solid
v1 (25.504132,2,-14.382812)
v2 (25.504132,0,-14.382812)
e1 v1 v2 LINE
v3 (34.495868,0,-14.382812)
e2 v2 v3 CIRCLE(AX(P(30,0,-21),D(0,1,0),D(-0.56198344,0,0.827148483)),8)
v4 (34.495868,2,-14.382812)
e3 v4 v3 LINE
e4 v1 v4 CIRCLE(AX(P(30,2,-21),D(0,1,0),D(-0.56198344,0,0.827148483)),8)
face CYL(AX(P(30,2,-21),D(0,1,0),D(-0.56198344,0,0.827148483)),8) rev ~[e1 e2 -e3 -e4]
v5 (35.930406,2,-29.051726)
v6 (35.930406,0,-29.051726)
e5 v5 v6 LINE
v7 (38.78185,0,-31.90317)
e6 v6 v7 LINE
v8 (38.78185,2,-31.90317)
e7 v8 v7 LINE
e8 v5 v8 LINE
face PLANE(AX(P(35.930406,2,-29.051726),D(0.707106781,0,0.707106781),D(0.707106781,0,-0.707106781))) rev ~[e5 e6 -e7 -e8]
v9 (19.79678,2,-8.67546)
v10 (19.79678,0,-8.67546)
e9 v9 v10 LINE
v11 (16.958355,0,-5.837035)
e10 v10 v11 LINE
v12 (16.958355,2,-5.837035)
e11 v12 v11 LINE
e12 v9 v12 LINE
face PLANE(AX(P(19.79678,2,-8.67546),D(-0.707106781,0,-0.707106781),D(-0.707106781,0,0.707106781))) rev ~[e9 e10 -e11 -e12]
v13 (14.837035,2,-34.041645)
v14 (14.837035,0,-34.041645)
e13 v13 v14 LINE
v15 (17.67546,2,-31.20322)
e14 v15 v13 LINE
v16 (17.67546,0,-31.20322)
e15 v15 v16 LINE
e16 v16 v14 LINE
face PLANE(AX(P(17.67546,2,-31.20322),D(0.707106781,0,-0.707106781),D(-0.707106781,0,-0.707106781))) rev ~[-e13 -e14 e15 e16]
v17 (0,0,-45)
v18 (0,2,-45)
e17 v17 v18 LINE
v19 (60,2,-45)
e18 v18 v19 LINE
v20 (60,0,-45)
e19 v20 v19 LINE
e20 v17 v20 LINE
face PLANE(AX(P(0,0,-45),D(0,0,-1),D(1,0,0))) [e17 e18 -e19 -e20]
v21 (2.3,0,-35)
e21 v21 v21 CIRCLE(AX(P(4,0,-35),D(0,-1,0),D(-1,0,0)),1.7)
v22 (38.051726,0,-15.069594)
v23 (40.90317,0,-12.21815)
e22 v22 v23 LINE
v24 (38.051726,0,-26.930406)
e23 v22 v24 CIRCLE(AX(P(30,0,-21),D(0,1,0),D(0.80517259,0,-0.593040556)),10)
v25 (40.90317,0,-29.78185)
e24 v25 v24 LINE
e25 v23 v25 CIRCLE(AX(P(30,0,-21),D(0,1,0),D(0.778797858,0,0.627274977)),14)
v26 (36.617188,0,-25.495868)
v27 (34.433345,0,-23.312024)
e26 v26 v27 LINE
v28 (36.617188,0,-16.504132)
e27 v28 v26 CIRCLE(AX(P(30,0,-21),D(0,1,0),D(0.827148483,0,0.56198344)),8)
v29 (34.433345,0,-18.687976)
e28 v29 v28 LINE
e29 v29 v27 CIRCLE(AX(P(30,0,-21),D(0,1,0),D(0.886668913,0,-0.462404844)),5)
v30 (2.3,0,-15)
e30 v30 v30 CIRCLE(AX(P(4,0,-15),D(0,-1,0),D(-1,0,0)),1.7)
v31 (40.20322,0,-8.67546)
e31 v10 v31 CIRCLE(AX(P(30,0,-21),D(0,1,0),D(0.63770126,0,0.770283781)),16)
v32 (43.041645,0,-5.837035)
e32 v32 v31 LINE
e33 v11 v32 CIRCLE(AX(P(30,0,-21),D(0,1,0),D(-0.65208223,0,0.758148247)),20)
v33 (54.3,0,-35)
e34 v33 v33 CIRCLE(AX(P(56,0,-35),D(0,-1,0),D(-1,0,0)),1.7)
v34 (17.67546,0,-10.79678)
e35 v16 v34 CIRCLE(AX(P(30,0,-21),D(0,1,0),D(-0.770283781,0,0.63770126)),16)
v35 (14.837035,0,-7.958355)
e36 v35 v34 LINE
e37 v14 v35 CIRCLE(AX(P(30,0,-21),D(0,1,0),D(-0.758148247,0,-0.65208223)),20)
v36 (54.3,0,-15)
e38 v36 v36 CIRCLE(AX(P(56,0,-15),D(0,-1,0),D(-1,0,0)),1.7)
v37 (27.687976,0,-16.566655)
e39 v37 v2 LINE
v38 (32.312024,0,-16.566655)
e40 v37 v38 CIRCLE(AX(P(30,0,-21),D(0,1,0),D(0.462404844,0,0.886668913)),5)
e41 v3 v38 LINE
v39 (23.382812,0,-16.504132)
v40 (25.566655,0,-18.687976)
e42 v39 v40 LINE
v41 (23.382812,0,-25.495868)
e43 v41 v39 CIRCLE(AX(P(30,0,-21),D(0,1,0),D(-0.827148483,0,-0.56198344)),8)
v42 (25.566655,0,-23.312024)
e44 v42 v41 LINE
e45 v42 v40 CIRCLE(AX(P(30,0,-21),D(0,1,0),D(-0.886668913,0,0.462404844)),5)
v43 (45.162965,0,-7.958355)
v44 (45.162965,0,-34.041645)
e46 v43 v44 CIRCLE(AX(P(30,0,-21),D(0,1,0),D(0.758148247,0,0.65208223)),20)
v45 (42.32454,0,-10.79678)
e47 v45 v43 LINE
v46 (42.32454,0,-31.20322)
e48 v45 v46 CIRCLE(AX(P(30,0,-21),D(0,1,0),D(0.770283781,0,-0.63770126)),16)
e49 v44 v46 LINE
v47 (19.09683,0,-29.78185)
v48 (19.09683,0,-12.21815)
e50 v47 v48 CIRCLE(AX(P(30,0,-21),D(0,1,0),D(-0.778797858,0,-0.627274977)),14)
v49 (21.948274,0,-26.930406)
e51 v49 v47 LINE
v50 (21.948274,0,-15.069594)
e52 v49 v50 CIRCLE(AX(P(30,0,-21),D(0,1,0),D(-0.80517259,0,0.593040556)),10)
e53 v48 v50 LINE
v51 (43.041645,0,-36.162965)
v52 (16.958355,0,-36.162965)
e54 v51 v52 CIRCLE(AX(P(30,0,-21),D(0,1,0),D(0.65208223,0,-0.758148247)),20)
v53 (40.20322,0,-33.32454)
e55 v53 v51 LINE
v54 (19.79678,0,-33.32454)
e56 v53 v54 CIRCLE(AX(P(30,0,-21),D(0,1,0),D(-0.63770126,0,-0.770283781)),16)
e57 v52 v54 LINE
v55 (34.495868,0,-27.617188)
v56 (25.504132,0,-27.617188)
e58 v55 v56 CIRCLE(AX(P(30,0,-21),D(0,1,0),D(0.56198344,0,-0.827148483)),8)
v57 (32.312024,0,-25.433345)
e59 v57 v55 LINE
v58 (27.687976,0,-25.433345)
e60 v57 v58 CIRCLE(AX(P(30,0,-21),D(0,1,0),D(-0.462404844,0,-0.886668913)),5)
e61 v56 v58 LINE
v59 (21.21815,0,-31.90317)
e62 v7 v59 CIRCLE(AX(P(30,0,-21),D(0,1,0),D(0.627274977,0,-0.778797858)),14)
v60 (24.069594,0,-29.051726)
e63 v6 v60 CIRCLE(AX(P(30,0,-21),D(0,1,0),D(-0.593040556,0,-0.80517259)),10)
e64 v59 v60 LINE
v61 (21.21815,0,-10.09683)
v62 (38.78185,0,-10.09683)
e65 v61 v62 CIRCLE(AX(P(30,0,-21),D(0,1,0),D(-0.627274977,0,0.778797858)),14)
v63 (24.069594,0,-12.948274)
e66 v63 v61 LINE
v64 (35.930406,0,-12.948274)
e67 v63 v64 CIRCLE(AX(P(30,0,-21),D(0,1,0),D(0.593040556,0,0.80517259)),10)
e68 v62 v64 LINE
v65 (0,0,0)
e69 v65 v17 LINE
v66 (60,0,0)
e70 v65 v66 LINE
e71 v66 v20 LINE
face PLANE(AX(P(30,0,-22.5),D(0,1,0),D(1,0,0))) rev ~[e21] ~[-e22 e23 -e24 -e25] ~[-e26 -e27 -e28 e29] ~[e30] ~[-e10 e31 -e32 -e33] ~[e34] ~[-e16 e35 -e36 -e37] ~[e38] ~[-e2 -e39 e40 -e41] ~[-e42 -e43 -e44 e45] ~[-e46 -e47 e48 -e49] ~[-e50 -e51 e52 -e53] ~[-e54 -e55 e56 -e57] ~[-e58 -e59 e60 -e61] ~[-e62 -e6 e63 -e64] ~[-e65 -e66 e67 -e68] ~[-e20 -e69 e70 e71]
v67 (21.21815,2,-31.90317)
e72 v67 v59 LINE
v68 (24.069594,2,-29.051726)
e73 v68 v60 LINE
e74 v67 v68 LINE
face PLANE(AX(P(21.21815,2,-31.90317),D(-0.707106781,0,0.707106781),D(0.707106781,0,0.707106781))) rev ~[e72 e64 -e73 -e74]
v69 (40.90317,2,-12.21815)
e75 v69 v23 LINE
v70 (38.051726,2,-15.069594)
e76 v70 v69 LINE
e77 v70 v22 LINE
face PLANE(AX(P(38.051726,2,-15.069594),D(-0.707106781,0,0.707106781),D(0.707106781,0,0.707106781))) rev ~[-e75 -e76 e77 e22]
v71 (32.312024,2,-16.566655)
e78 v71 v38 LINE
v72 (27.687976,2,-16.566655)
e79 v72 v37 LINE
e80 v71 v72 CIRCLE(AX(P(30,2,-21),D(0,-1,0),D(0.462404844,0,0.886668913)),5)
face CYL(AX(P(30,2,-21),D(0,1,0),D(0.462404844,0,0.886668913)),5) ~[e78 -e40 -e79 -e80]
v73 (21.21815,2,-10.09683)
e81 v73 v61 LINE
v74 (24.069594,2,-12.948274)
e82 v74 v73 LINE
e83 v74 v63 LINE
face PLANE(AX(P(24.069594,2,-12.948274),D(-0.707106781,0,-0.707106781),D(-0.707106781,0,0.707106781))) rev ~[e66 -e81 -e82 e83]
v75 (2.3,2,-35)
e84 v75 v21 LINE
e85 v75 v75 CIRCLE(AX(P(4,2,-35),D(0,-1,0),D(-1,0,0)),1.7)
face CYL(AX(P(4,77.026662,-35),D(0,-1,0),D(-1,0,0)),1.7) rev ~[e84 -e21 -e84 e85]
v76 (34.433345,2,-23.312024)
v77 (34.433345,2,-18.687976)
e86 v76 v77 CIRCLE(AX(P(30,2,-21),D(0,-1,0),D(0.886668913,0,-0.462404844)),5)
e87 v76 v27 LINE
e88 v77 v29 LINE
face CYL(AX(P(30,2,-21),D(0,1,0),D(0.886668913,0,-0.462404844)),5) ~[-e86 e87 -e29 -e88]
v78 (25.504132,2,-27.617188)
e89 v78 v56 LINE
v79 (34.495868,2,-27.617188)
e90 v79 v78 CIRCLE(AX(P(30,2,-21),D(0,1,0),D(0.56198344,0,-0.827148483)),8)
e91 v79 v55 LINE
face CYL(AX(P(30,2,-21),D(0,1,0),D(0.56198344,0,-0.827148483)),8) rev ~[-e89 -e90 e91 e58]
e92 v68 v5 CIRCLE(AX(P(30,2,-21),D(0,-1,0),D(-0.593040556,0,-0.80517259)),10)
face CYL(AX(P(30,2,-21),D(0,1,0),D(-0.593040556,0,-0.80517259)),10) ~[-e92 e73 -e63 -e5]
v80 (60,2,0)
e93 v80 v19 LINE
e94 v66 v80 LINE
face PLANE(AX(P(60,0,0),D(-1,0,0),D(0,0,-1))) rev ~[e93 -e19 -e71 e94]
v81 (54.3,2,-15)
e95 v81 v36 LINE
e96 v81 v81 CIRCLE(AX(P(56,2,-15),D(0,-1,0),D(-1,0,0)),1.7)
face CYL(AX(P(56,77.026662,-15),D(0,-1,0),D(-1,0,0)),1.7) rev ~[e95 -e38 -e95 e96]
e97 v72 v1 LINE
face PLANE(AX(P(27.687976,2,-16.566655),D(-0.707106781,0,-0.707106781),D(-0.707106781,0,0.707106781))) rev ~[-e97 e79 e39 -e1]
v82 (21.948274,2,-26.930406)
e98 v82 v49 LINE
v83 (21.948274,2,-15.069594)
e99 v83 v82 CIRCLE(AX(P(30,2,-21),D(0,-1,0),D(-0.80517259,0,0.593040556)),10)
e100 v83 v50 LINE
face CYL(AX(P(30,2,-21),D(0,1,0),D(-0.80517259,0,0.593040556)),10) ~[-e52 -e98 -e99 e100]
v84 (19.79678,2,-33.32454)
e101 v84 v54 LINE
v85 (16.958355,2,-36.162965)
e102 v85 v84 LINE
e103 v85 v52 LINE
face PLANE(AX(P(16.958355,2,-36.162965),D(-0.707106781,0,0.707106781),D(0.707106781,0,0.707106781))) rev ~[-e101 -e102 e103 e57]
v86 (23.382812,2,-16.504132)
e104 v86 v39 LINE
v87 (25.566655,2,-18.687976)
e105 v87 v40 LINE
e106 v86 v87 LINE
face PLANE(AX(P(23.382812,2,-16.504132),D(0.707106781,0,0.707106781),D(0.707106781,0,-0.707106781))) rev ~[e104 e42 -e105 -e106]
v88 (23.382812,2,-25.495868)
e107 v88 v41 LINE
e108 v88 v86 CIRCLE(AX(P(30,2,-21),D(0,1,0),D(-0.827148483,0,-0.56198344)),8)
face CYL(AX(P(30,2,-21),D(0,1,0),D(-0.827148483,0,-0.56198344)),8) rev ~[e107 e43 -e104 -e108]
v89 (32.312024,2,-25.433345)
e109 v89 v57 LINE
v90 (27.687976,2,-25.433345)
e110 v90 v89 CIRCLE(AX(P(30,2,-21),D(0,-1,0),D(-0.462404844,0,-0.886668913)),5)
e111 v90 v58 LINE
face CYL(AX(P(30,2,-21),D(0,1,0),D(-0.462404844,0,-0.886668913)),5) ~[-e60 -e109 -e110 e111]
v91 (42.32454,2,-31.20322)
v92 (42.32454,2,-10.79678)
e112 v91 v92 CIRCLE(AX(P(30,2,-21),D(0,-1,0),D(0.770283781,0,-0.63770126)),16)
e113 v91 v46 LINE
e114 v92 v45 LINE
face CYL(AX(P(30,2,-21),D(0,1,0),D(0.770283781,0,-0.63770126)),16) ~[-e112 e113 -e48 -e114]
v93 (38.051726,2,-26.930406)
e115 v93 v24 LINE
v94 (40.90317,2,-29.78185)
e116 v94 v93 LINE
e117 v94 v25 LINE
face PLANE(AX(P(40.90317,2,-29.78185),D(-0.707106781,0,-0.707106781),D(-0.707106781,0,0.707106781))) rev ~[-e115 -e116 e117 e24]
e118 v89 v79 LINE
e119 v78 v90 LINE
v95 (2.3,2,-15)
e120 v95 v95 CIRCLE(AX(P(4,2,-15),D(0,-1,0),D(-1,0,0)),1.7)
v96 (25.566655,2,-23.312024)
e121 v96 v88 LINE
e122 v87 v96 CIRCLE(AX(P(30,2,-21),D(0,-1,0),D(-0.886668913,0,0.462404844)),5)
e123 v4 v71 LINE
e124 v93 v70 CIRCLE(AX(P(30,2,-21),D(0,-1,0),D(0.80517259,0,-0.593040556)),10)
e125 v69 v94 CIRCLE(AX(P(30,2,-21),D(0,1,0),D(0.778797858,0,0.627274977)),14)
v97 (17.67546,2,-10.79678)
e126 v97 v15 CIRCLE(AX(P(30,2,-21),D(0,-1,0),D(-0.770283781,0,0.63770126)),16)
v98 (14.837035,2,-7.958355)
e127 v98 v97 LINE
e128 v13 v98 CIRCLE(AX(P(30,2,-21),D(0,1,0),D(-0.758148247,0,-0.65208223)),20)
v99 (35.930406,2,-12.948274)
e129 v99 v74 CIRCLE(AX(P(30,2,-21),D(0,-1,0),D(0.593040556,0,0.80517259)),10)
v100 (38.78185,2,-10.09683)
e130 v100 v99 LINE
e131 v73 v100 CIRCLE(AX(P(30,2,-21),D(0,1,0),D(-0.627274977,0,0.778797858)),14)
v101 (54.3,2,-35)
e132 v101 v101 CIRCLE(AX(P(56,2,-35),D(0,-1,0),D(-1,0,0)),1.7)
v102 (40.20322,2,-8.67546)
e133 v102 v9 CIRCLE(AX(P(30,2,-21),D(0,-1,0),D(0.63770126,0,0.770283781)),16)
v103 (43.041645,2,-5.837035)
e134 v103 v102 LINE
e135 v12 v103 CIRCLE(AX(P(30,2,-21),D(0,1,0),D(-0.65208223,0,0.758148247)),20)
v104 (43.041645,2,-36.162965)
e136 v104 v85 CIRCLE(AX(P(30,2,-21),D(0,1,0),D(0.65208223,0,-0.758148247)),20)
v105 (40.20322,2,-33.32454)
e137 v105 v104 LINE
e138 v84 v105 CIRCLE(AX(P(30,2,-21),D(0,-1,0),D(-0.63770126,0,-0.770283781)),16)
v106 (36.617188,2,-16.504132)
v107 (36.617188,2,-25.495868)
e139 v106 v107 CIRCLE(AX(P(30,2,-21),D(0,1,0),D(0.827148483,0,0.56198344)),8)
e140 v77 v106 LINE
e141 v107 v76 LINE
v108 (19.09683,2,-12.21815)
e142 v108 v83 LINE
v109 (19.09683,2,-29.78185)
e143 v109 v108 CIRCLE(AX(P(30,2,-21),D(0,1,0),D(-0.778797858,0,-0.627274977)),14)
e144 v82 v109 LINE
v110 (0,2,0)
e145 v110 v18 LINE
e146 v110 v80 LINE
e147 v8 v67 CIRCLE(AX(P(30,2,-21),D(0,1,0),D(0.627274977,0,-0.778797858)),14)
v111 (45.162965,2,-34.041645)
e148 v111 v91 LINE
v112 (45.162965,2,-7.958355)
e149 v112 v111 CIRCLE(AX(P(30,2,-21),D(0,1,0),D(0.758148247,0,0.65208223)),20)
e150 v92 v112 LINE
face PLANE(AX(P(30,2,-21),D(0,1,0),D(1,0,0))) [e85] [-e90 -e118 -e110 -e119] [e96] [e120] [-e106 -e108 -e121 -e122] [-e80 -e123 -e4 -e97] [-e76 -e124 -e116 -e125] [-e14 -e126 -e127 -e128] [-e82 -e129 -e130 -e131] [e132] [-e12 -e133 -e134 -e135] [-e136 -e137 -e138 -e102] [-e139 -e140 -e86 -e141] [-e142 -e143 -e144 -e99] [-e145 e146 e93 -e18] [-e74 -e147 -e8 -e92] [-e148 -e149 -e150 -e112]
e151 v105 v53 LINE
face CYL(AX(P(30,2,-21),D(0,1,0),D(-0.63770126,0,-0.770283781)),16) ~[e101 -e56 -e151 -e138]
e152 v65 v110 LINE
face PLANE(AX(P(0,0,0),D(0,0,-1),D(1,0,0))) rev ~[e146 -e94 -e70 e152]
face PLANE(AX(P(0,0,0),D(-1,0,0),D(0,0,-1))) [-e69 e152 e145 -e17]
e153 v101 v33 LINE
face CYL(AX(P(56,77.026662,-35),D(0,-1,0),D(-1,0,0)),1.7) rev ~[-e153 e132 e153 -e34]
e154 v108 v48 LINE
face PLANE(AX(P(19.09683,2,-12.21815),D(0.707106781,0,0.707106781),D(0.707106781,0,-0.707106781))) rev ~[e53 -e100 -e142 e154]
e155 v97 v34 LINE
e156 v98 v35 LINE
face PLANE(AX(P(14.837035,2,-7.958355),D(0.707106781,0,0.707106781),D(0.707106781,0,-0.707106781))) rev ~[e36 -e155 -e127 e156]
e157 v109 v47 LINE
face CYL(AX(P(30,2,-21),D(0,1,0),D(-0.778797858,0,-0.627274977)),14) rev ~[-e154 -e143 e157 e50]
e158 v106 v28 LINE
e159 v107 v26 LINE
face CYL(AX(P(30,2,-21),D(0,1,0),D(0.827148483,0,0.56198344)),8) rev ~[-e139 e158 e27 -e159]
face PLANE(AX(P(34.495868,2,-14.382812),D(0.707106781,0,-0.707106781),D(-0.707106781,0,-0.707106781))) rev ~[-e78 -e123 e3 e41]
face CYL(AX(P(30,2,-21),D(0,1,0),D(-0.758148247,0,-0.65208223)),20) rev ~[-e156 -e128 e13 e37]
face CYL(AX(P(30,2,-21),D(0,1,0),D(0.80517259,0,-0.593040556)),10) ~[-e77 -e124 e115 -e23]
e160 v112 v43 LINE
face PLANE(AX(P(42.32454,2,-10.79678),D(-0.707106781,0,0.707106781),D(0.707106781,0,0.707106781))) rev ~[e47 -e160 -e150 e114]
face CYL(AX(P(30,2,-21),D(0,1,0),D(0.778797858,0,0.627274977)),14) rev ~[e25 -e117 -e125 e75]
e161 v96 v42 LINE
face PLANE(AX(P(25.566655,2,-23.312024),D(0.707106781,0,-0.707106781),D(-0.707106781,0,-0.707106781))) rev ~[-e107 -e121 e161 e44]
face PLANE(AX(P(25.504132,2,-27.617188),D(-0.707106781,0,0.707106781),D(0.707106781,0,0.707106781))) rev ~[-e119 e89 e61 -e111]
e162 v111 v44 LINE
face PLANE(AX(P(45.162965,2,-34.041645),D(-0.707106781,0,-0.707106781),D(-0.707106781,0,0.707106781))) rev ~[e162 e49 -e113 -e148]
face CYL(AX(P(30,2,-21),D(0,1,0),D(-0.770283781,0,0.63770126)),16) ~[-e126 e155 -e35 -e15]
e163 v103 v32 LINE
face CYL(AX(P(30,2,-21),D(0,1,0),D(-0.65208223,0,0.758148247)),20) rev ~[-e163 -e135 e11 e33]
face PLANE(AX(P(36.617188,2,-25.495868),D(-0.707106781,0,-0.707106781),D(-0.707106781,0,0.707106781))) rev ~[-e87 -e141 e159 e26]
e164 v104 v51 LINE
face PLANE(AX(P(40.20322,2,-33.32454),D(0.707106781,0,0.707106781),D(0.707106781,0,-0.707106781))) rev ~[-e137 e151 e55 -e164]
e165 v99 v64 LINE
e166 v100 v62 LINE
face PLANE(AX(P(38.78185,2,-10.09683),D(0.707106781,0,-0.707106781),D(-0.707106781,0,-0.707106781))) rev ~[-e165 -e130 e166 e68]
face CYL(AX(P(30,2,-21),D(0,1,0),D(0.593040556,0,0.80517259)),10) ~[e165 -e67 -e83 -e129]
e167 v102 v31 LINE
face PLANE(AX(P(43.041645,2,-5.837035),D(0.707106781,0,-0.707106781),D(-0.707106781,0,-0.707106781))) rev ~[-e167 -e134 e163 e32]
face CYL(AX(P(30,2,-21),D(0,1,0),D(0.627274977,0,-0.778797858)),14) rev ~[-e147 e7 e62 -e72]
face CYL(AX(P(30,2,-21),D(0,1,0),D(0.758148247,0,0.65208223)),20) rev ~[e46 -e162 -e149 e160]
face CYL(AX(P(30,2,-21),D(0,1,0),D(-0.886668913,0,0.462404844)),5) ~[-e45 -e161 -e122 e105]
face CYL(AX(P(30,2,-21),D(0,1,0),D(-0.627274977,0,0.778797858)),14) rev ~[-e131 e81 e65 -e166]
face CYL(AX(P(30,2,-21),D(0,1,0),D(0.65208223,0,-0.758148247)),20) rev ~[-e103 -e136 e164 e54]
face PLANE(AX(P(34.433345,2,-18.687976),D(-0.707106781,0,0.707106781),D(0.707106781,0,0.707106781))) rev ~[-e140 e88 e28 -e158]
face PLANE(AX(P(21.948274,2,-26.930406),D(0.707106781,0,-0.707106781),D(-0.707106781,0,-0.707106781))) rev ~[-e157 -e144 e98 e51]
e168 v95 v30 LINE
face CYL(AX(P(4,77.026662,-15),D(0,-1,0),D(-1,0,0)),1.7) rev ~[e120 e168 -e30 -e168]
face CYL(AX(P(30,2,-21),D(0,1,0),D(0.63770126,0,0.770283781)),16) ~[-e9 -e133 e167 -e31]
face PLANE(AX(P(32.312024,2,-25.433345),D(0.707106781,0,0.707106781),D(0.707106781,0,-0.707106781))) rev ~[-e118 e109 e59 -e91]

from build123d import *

# Parameters (mm, degrees)
SKETCH1_W                  = 60
SKETCH1_H                  = 45
BOSS_EXTRUDE1_DEPTH        = 2
F_3_4_3_4_DIAMETER_HOLE1_D = 3.4
SKETCH5_R                  = 2.5
AIR_HOLES_DEPTH            = 76.026661928
CIRPATTERN1_COUNT          = 4
SKETCH6_R                  = 2.5
BOSS_EXTRUDE3_DEPTH        = 2


with BuildPart() as part:
    # Sketch1 → Boss-Extrude1 (new body)
    with BuildSketch(Plane(origin=(0, 0, 0), x_dir=(1, 0, 0), z_dir=(0, 1, 0))):
        with Locations((30, 22.5)):
            Rectangle(SKETCH1_W, SKETCH1_H)
    extrude(amount=BOSS_EXTRUDE1_DEPTH)

    # Ø3.4 (3.4) Diameter Hole1 (through all)
    with Locations(Plane(origin=(0, 2, 0), x_dir=(1, 0, 0), z_dir=(0, 1, 0))):
        with Locations((4, 15), (4, 35), (56, 35), (56, 15)):
            Hole(F_3_4_3_4_DIAMETER_HOLE1_D / 2)

    # Sketch5 → Air holes (cut, through all)
    with BuildSketch(Plane(origin=(0, 2, 0), x_dir=(1, 0, 0), z_dir=(0, 1, 0))):
        with Locations(Location((30, 21, 0), (0, 0, 270))):
            Circle(SKETCH5_R)
        with BuildLine():
            Line((21.218150329, 31.903170014), (24.069594445, 29.051725899))
            ThreePointArc((24.069594445, 29.051725899), (30, 31), (35.930405555, 29.051725899))
            Line((35.930405555, 29.051725899), (38.781849671, 31.903170014))
            ThreePointArc((38.781849671, 31.903170014), (30, 35), (21.218150329, 31.903170014))
        make_face()
        with BuildLine():
            Line((25.504132479, 27.617187865), (27.687975781, 25.433344563))
            ThreePointArc((27.687975781, 25.433344563), (30, 26), (32.312024219, 25.433344563))
            Line((32.312024219, 25.433344563), (34.495867521, 27.617187865))
            ThreePointArc((34.495867521, 27.617187865), (30, 29), (25.504132479, 27.617187865))
        make_face()
        with BuildLine():
            Line((40.203220154, 33.324540498), (43.041644604, 36.162964948))
            ThreePointArc((43.041644604, 36.162964948), (30, 41), (16.958355396, 36.162964948))
            Line((16.958355396, 36.162964948), (19.796779846, 33.324540498))
            ThreePointArc((19.796779846, 33.324540498), (30, 37), (40.203220154, 33.324540498))
        make_face()
    air_holes = extrude(amount=-AIR_HOLES_DEPTH, mode=Mode.SUBTRACT)

    # CirPattern1: Air holes ×4 about axis
    cirpattern1_axis = Axis((30, 0, -21), (0, 1, 0))
    for i in range(1, CIRPATTERN1_COUNT):
        add(air_holes.rotate(cirpattern1_axis, i * 360 / CIRPATTERN1_COUNT), mode=Mode.SUBTRACT)

    # Sketch6 → Boss-Extrude3 (add)
    with BuildSketch(Plane(origin=(0, 2, 0), x_dir=(1, 0, 0), z_dir=(0, 1, 0))):
        with Locations((30, 21)):
            Circle(SKETCH6_R)
    extrude(amount=-BOSS_EXTRUDE3_DEPTH)


solid = part.part
